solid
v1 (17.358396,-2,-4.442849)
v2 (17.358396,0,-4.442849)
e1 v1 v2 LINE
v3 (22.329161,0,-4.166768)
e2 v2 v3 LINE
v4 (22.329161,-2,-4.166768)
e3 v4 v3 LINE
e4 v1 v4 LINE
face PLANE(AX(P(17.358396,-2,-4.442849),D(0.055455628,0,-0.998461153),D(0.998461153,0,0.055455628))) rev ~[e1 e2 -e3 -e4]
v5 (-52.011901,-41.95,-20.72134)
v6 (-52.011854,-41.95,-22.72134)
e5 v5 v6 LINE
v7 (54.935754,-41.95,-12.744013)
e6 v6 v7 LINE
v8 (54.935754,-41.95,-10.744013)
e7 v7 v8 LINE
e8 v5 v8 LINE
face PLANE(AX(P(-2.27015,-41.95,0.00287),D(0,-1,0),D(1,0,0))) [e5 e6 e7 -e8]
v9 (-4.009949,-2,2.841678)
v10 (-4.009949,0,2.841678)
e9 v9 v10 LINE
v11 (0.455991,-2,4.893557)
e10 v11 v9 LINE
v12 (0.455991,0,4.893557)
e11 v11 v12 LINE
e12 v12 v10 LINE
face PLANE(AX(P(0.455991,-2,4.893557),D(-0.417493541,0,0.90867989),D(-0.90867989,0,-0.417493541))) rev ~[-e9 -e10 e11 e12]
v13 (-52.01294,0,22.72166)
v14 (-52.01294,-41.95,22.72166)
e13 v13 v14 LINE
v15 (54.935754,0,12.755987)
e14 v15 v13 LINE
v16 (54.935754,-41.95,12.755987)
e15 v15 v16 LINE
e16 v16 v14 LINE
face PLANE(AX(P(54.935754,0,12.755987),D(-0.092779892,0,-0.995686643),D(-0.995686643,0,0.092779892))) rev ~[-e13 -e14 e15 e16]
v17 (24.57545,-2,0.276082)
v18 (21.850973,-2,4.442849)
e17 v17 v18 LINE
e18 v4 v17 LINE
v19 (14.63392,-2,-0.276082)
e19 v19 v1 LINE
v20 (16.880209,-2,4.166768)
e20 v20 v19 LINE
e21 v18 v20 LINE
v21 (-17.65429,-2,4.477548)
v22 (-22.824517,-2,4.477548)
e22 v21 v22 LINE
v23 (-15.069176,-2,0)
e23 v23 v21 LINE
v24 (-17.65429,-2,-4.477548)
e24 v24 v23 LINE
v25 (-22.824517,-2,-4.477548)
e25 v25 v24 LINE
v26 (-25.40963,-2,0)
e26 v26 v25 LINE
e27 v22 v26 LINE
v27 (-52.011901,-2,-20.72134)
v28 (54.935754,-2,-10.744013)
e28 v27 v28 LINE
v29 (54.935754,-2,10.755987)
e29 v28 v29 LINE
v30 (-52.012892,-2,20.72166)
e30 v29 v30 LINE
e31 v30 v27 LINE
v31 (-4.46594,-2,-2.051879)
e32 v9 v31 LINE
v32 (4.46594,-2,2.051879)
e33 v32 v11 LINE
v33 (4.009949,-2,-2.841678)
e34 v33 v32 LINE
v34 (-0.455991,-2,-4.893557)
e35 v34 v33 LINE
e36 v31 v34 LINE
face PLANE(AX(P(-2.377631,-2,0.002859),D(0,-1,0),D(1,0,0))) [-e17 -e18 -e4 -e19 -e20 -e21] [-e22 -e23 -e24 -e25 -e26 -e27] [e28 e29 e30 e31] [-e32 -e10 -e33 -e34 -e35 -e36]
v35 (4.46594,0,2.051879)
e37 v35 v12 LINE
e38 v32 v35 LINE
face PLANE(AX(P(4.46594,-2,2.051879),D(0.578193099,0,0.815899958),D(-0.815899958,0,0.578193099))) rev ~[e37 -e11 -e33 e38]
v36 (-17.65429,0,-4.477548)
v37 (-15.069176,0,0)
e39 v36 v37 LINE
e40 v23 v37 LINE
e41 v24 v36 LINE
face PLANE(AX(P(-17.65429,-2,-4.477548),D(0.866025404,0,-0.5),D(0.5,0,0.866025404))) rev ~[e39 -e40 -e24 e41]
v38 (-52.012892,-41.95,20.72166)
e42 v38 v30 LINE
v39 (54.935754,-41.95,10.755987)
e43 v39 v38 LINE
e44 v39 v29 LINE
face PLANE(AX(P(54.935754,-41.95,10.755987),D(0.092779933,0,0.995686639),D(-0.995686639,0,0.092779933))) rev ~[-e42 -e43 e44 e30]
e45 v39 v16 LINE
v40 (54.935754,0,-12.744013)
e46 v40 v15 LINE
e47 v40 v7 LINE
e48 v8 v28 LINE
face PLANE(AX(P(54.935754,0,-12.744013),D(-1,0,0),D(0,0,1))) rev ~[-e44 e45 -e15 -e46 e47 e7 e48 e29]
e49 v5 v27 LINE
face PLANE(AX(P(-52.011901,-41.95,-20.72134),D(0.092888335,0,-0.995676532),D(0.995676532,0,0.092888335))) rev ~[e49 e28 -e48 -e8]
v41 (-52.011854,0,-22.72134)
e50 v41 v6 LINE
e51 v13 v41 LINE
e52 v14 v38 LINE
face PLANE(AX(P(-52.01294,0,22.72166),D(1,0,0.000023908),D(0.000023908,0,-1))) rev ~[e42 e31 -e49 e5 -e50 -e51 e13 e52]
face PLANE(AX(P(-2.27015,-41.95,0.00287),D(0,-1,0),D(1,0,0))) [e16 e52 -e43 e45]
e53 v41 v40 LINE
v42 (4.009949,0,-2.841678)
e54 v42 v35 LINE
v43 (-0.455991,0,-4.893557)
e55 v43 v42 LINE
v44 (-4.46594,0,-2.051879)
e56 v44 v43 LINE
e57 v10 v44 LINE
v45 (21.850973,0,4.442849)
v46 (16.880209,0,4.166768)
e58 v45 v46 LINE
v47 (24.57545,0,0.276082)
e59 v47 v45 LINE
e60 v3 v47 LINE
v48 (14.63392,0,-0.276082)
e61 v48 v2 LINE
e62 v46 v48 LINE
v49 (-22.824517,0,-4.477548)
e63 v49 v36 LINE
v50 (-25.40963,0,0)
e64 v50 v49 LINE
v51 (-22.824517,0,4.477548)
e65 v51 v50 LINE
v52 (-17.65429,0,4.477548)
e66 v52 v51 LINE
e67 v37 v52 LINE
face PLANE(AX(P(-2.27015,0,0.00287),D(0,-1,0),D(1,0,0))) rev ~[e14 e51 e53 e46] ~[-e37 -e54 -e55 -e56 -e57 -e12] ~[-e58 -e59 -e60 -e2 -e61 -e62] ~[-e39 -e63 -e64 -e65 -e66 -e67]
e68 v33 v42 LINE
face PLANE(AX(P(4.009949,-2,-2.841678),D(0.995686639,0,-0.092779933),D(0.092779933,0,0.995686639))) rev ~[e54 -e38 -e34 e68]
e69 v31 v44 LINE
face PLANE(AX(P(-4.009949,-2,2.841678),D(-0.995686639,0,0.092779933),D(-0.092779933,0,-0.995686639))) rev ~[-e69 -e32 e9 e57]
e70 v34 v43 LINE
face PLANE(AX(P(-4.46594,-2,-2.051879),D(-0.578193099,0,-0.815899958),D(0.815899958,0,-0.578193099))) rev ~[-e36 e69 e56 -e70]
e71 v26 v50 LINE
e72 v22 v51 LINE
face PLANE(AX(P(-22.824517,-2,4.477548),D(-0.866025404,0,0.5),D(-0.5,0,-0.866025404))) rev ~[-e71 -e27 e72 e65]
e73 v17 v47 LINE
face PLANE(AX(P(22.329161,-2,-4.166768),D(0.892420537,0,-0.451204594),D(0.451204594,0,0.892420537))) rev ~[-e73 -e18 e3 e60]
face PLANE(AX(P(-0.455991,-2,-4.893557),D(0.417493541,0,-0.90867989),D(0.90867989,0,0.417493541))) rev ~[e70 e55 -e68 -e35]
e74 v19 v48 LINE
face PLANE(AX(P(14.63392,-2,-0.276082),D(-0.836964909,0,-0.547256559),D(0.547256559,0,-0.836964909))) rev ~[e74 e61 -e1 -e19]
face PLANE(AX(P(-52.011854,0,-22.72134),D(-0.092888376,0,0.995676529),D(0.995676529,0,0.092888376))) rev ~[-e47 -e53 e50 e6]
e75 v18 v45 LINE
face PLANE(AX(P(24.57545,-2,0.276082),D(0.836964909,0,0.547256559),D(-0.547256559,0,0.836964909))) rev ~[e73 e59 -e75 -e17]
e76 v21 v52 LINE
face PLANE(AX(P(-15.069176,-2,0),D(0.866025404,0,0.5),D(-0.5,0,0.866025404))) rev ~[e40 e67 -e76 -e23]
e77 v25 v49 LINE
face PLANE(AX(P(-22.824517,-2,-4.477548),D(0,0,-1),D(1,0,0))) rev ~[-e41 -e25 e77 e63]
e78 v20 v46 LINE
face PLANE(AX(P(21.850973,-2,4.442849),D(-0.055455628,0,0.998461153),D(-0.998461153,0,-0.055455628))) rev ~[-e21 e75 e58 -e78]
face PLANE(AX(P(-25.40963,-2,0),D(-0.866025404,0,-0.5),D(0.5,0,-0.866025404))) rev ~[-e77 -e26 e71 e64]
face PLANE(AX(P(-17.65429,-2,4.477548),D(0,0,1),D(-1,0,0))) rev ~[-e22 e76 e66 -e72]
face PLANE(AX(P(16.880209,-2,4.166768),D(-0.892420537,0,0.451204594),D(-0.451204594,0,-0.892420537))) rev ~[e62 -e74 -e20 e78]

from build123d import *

# Parameters (mm, degrees)
F1_DEPTH = 41.95
F3_DEPTH = 39.95
F5_DEPTH = 5


with BuildPart() as f1:
    # F0 (on Front) → F1 (new body)
    with BuildSketch(Plane.XZ):
        Polygon((54.9357536622, -12.7440134094), (54.9357536622, 0.0059865906), (54.9357536622, 12.7559865906), (-52.01294007, 22.7216603247), (-52.0118536268, -22.7213396623), align=None)
    extrude(amount=F1_DEPTH)

    # F2 (on face) → F3 (cut)
    with BuildSketch(Plane.XZ.offset(41.95)):
        Polygon((54.9357536622, 10.7559865906), (-52.0128922544, 20.7216603253), (-52.0119014425, -20.7213396629), (54.9357536622, -10.7440134094), align=None)
    extrude(amount=-F3_DEPTH, mode=Mode.SUBTRACT)

    # F4 (on face) → F5 (cut)
    with BuildSketch(Plane.XZ.offset(2)):
        Polygon((-17.6542899587, 4.4775479473), (-22.824516984, 4.4775479473), (-25.4096304967, 0), (-22.824516984, -4.4775479473), (-17.6542899587, -4.4775479473), (-15.069176446, 0), align=None)
        Polygon((4.0099493481, -2.841678097), (4.4659400954, 2.0518789548), (0.4559907474, 4.8935570518), (-4.0099493481, 2.841678097), (-4.4659400954, -2.0518789548), (-0.4559907474, -4.8935570518), align=None)
        Polygon((24.5754495263, 0.2760817257), (21.8509733677, 4.442849405), (16.8802086264, 4.1667676794), (14.6339200437, -0.2760817257), (17.3583962023, -4.442849405), (22.3291609436, -4.1667676794), align=None)
    extrude(amount=-F5_DEPTH, mode=Mode.SUBTRACT)


solid = f1.part
